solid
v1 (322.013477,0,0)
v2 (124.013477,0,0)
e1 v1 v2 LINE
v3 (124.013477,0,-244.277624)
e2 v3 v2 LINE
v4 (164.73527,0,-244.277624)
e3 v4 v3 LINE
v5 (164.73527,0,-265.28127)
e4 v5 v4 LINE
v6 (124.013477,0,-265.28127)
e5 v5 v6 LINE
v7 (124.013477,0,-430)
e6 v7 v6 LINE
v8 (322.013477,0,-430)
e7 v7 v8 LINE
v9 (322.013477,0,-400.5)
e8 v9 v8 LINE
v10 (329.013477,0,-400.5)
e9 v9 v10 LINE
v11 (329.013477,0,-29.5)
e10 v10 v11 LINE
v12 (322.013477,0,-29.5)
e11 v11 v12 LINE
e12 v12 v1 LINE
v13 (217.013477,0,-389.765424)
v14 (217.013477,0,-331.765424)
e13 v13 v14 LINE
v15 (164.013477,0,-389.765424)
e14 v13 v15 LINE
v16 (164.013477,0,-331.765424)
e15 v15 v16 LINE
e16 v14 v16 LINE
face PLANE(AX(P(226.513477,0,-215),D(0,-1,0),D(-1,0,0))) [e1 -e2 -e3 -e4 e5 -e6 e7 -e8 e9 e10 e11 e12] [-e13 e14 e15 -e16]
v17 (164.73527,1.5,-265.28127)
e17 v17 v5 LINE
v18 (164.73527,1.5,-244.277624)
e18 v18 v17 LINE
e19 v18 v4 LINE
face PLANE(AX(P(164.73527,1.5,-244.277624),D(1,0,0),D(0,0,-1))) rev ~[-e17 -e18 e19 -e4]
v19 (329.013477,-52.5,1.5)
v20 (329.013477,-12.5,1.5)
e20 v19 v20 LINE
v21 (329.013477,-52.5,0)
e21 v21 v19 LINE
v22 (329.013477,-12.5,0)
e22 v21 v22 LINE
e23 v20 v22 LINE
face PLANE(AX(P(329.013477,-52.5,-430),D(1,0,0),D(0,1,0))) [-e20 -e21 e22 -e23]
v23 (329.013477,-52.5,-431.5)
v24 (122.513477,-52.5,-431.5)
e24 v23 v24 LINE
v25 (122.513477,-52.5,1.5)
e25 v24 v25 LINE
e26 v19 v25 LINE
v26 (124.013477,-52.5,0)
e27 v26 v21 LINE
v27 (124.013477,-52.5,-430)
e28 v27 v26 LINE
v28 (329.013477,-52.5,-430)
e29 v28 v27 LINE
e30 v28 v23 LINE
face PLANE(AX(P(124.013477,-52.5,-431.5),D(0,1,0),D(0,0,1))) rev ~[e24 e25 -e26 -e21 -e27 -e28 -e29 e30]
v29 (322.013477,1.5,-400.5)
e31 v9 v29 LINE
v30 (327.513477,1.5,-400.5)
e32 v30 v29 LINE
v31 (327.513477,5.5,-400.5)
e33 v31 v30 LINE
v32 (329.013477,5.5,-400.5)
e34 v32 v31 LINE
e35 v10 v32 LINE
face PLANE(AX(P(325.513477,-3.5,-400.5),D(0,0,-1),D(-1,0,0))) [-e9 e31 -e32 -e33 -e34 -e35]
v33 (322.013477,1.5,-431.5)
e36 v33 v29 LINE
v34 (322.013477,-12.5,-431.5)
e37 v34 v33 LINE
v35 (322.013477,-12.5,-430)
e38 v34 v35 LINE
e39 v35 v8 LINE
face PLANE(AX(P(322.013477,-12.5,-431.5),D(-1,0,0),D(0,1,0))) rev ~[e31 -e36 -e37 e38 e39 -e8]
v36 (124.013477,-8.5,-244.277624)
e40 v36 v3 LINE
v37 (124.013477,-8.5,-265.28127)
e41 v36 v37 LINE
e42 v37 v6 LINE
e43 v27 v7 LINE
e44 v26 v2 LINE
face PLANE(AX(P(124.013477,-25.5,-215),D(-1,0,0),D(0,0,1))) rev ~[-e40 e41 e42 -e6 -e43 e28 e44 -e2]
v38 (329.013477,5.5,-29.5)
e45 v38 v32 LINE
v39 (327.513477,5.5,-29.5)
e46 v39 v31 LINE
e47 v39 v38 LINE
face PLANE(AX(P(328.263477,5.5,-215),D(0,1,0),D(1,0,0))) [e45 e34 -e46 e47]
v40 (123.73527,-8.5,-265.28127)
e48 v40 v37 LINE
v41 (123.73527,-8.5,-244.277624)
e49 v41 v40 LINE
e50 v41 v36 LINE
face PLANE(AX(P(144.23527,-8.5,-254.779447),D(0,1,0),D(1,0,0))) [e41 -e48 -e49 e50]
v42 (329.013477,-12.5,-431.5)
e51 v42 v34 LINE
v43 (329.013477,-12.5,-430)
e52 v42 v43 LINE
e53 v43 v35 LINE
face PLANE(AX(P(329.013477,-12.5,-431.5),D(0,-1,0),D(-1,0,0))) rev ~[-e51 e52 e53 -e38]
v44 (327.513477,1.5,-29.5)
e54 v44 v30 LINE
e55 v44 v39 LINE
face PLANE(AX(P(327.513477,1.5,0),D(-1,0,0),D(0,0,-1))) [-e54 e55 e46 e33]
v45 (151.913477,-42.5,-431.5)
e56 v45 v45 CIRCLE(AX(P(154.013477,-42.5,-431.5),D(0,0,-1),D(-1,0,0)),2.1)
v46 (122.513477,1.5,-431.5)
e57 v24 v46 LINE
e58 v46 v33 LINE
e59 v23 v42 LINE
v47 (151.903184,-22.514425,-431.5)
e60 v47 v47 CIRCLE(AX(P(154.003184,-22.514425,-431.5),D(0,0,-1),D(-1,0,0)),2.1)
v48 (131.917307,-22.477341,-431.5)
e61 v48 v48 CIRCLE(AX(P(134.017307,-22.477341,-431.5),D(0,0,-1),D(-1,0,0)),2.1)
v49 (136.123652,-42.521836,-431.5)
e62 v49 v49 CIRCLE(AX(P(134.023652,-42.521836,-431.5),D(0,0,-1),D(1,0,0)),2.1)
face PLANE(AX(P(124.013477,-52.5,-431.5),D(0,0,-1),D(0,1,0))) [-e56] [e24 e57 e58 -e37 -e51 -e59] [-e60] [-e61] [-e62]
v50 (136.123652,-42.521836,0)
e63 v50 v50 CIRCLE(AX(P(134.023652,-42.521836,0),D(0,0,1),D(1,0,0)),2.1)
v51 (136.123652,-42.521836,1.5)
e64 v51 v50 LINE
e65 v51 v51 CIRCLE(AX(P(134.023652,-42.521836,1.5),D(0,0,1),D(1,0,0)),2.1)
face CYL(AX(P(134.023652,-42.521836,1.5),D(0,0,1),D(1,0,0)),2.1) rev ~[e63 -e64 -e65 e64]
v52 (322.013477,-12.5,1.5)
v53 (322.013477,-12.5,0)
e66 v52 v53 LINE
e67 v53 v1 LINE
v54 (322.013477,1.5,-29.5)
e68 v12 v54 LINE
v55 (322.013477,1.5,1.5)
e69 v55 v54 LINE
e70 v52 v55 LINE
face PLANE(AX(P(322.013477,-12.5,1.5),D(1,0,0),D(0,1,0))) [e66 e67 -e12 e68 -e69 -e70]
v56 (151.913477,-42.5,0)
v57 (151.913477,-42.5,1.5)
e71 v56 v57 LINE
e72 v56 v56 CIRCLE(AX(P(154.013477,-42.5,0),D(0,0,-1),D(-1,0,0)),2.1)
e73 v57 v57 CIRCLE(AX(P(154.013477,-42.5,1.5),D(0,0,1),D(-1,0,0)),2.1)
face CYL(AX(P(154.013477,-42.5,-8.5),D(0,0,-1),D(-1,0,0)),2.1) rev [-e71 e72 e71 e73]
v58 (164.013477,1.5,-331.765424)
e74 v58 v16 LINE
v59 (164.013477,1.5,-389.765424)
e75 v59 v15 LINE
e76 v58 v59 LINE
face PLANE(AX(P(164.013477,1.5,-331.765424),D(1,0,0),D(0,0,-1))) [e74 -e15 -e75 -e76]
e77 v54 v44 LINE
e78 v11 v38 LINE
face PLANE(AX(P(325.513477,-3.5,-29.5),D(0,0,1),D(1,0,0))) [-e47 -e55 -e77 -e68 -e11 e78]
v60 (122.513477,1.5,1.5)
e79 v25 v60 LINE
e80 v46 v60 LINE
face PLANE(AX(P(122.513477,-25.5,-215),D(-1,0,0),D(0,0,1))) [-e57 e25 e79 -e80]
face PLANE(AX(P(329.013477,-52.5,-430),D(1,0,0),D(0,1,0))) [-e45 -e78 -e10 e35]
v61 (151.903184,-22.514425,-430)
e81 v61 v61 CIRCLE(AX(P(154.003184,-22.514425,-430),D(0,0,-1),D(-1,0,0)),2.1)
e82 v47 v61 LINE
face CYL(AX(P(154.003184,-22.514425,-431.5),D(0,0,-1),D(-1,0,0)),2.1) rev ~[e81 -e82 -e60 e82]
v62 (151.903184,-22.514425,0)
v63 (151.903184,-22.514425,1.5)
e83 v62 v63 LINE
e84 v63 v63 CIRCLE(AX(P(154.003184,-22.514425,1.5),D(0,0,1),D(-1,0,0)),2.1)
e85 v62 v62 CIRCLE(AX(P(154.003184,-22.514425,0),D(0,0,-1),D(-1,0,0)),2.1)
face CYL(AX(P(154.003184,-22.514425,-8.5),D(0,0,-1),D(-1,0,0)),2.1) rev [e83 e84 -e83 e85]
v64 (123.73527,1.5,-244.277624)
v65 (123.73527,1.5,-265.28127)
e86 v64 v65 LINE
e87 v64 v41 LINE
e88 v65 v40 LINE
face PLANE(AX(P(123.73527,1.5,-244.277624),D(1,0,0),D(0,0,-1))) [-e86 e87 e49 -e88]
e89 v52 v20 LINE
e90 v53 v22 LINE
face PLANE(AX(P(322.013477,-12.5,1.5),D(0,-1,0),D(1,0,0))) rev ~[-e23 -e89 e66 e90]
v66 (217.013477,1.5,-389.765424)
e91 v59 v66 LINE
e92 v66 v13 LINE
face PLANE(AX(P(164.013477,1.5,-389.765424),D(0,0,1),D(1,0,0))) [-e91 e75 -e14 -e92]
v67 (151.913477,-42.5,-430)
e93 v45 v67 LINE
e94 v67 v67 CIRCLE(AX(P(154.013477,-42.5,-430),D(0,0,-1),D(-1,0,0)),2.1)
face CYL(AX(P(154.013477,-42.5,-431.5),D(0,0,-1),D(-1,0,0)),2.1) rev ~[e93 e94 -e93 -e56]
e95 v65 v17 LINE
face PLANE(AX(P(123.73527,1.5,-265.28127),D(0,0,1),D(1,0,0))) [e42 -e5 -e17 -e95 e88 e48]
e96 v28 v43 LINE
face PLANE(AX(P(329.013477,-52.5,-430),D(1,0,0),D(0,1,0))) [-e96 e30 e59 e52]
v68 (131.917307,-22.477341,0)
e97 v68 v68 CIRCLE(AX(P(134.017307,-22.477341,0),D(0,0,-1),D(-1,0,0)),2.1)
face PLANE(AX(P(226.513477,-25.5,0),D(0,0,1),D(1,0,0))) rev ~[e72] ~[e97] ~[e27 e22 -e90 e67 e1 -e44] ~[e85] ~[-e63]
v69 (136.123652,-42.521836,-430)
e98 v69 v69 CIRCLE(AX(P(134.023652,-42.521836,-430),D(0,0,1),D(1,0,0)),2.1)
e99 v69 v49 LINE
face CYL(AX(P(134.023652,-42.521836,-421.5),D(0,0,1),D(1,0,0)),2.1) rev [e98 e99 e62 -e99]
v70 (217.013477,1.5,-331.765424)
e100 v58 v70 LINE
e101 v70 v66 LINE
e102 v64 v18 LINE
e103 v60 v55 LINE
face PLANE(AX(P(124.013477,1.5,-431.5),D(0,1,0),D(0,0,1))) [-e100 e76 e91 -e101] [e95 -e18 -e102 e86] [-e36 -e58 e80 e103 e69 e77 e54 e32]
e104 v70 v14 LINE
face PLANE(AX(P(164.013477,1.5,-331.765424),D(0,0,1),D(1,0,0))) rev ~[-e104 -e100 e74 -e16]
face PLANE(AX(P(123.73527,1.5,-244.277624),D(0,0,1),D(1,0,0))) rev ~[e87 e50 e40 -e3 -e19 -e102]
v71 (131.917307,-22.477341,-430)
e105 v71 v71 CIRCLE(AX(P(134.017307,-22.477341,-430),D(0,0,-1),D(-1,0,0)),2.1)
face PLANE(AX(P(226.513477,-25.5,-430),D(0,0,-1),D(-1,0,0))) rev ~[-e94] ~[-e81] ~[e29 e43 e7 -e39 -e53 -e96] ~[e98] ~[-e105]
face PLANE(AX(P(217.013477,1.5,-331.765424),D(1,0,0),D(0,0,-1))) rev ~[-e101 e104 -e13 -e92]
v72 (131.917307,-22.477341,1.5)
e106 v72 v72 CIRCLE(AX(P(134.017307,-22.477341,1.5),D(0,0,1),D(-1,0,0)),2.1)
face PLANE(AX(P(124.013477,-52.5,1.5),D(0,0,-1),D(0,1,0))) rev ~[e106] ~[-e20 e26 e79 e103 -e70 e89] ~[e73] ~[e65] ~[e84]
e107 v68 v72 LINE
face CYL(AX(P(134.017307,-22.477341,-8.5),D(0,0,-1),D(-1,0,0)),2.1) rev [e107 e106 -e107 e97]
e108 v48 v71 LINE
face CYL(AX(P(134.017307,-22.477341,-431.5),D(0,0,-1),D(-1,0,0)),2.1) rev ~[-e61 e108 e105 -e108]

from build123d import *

# Parameters (mm, degrees)
BOSS_EXTRUDE4_DEPTH  = 1.5
SKETCH5_W            = 205
SKETCH5_H            = 54
BOSS_EXTRUDE5_DEPTH  = 1.5
SKETCH8_W            = 1.5
SKETCH8_H            = 430
BOSS_EXTRUDE14_DEPTH = 4
SKETCH7_W            = 205
SKETCH7_H            = 54
BOSS_EXTRUDE18_DEPTH = 1.5
SKETCH9_W            = 433
SKETCH9_H            = 54
BOSS_EXTRUDE19_DEPTH = 1.5
SKETCH10_R           = 2.1
CUT_EXTRUDE1_DEPTH   = 10
CUT_EXTRUDE2_START   = -10
SKETCH17_R           = 2.1
CUT_EXTRUDE2_DEPTH   = 10
SKETCH16_R           = 2.1
CUT_EXTRUDE3_DEPTH   = 10
CUT_EXTRUDE4_START   = -10
SKETCH11_R           = 2.1
CUT_EXTRUDE4_DEPTH   = 10
SKETCH12_R           = 2.1
CUT_EXTRUDE5_DEPTH   = 10
SKETCH13_R           = 2.1
CUT_EXTRUDE6_DEPTH   = 10
CUT_EXTRUDE7_START   = -10
SKETCH14_R           = 2.1
CUT_EXTRUDE7_DEPTH   = 10
CUT_EXTRUDE8_START   = -10
SKETCH15_R           = 2.1
CUT_EXTRUDE8_DEPTH   = 10
SKETCH18_W           = 41
SKETCH18_H           = 21.003646253
CUT_EXTRUDE9_DEPTH   = 10
SKETCH21_W           = 53
SKETCH21_H           = 58
CUT_EXTRUDE12_DEPTH  = 10
SKETCH23_W           = 7
SKETCH23_H           = 18
CUT_EXTRUDE14_DEPTH  = 31
SKETCH24_W           = 7
SKETCH24_H           = 18
CUT_EXTRUDE15_DEPTH  = 31


with BuildPart() as part:
    # Sketch4 → Boss-Extrude4 (new body)
    with BuildSketch(Plane(origin=(0, 0, 0), x_dir=(1, 0, 0), z_dir=(0, 1, 0))):
        Polygon((124.01347733, 430), (329.01347733, 430), (329.01347733, 0), (124.01347733, 0), (124.01347733, 200), (124.01347733, 365), align=None)
    extrude(amount=BOSS_EXTRUDE4_DEPTH)

    # Sketch5 → Boss-Extrude5 (add)
    with BuildSketch(Plane.XY):
        with Locations((226.51347733, -25.5)):
            Rectangle(SKETCH5_W, SKETCH5_H)
    extrude(amount=BOSS_EXTRUDE5_DEPTH)

    # Sketch8 → Boss-Extrude14 (add)
    with BuildSketch(Plane(origin=(0, 1.5, 0), x_dir=(1, 0, 0), z_dir=(0, 1, 0))):
        with Locations((328.26347733, 215)):
            Rectangle(SKETCH8_W, SKETCH8_H)
    extrude(amount=BOSS_EXTRUDE14_DEPTH)

    # Sketch7 → Boss-Extrude18 (add)
    with BuildSketch(Plane(origin=(0, 0, -430), x_dir=(-1, 0, 0), z_dir=(0, 0, -1))):
        with Locations((-226.51347733, -25.5)):
            Rectangle(SKETCH7_W, SKETCH7_H)
    extrude(amount=BOSS_EXTRUDE18_DEPTH)

    # Sketch9 → Boss-Extrude19 (add)
    with BuildSketch(Plane.ZY.offset(-124.01347733)):
        with Locations((-215, -25.5)):
            Rectangle(SKETCH9_W, SKETCH9_H)
    extrude(amount=BOSS_EXTRUDE19_DEPTH)

    # Sketch10 → Cut-Extrude1 (cut)
    with BuildSketch(Plane(origin=(0, 0, -431.5), x_dir=(-1, 0, 0), z_dir=(0, 0, -1))):
        with Locations((-154.01347733, -42.5)):
            Circle(SKETCH10_R)
    extrude(amount=-CUT_EXTRUDE1_DEPTH, mode=Mode.SUBTRACT)

    # Sketch17 → Cut-Extrude2 (cut)
    with BuildSketch(Plane.XY.offset(1.5).offset(CUT_EXTRUDE2_START)):
        with Locations(Location((154.01347733, -42.5, 0), (0, 0, 180))):
            Circle(SKETCH17_R)
    extrude(amount=CUT_EXTRUDE2_DEPTH, mode=Mode.SUBTRACT)

    # Sketch16 → Cut-Extrude3 (cut)
    with BuildSketch(Plane.XY.offset(1.5)):
        with Locations((134.023652304, -42.521836229)):
            Circle(SKETCH16_R)
    extrude(amount=-CUT_EXTRUDE3_DEPTH, mode=Mode.SUBTRACT)

    # Sketch11 → Cut-Extrude4 (cut)
    with BuildSketch(Plane(origin=(0, 0, -431.5), x_dir=(-1, 0, 0), z_dir=(0, 0, -1)).offset(CUT_EXTRUDE4_START)):
        with Locations(Location((-134.023652304, -42.521836229, 0), (0, 0, 180))):
            Circle(SKETCH11_R)
    extrude(amount=CUT_EXTRUDE4_DEPTH, mode=Mode.SUBTRACT)

    # Sketch12 → Cut-Extrude5 (cut)
    with BuildSketch(Plane(origin=(0, 0, -431.5), x_dir=(-1, 0, 0), z_dir=(0, 0, -1))):
        with Locations((-134.017306734, -22.477341223)):
            Circle(SKETCH12_R)
    extrude(amount=-CUT_EXTRUDE5_DEPTH, mode=Mode.SUBTRACT)

    # Sketch13 → Cut-Extrude6 (cut)
    with BuildSketch(Plane(origin=(0, 0, -431.5), x_dir=(-1, 0, 0), z_dir=(0, 0, -1))):
        with Locations((-154.003183789, -22.514424589)):
            Circle(SKETCH13_R)
    extrude(amount=-CUT_EXTRUDE6_DEPTH, mode=Mode.SUBTRACT)

    # Sketch14 → Cut-Extrude7 (cut)
    with BuildSketch(Plane.XY.offset(1.5).offset(CUT_EXTRUDE7_START)):
        with Locations(Location((134.017306734, -22.477341223, 0), (0, 0, 180))):
            Circle(SKETCH14_R)
    extrude(amount=CUT_EXTRUDE7_DEPTH, mode=Mode.SUBTRACT)

    # Sketch15 → Cut-Extrude8 (cut)
    with BuildSketch(Plane.XY.offset(1.5).offset(CUT_EXTRUDE8_START)):
        with Locations(Location((154.003183789, -22.514424589, 0), (0, 0, 180))):
            Circle(SKETCH15_R)
    extrude(amount=CUT_EXTRUDE8_DEPTH, mode=Mode.SUBTRACT)

    # Sketch18 → Cut-Extrude9 (cut)
    with BuildSketch(Plane(origin=(0, 1.5, 0), x_dir=(1, 0, 0), z_dir=(0, 1, 0))):
        with Locations((144.235269619, 254.779446877)):
            Rectangle(SKETCH18_W, SKETCH18_H)
    extrude(amount=-CUT_EXTRUDE9_DEPTH, mode=Mode.SUBTRACT)

    # Sketch21 → Cut-Extrude12 (cut)
    with BuildSketch(Plane(origin=(0, 1.5, 0), x_dir=(1, 0, 0), z_dir=(0, 1, 0))):
        with Locations((190.51347733, 360.765424222)):
            Rectangle(SKETCH21_W, SKETCH21_H)
    extrude(amount=-CUT_EXTRUDE12_DEPTH, mode=Mode.SUBTRACT)

    # Sketch23 → Cut-Extrude14 (cut)
    with BuildSketch(Plane.XY.offset(1.5)):
        with Locations((325.51347733, -3.5)):
            Rectangle(SKETCH23_W, SKETCH23_H)
    extrude(amount=-CUT_EXTRUDE14_DEPTH, mode=Mode.SUBTRACT)

    # Sketch24 → Cut-Extrude15 (cut)
    with BuildSketch(Plane(origin=(0, 0, -431.5), x_dir=(-1, 0, 0), z_dir=(0, 0, -1))):
        with Locations((-325.51347733, -3.5)):
            Rectangle(SKETCH24_W, SKETCH24_H)
    extrude(amount=-CUT_EXTRUDE15_DEPTH, mode=Mode.SUBTRACT)


solid = part.part
